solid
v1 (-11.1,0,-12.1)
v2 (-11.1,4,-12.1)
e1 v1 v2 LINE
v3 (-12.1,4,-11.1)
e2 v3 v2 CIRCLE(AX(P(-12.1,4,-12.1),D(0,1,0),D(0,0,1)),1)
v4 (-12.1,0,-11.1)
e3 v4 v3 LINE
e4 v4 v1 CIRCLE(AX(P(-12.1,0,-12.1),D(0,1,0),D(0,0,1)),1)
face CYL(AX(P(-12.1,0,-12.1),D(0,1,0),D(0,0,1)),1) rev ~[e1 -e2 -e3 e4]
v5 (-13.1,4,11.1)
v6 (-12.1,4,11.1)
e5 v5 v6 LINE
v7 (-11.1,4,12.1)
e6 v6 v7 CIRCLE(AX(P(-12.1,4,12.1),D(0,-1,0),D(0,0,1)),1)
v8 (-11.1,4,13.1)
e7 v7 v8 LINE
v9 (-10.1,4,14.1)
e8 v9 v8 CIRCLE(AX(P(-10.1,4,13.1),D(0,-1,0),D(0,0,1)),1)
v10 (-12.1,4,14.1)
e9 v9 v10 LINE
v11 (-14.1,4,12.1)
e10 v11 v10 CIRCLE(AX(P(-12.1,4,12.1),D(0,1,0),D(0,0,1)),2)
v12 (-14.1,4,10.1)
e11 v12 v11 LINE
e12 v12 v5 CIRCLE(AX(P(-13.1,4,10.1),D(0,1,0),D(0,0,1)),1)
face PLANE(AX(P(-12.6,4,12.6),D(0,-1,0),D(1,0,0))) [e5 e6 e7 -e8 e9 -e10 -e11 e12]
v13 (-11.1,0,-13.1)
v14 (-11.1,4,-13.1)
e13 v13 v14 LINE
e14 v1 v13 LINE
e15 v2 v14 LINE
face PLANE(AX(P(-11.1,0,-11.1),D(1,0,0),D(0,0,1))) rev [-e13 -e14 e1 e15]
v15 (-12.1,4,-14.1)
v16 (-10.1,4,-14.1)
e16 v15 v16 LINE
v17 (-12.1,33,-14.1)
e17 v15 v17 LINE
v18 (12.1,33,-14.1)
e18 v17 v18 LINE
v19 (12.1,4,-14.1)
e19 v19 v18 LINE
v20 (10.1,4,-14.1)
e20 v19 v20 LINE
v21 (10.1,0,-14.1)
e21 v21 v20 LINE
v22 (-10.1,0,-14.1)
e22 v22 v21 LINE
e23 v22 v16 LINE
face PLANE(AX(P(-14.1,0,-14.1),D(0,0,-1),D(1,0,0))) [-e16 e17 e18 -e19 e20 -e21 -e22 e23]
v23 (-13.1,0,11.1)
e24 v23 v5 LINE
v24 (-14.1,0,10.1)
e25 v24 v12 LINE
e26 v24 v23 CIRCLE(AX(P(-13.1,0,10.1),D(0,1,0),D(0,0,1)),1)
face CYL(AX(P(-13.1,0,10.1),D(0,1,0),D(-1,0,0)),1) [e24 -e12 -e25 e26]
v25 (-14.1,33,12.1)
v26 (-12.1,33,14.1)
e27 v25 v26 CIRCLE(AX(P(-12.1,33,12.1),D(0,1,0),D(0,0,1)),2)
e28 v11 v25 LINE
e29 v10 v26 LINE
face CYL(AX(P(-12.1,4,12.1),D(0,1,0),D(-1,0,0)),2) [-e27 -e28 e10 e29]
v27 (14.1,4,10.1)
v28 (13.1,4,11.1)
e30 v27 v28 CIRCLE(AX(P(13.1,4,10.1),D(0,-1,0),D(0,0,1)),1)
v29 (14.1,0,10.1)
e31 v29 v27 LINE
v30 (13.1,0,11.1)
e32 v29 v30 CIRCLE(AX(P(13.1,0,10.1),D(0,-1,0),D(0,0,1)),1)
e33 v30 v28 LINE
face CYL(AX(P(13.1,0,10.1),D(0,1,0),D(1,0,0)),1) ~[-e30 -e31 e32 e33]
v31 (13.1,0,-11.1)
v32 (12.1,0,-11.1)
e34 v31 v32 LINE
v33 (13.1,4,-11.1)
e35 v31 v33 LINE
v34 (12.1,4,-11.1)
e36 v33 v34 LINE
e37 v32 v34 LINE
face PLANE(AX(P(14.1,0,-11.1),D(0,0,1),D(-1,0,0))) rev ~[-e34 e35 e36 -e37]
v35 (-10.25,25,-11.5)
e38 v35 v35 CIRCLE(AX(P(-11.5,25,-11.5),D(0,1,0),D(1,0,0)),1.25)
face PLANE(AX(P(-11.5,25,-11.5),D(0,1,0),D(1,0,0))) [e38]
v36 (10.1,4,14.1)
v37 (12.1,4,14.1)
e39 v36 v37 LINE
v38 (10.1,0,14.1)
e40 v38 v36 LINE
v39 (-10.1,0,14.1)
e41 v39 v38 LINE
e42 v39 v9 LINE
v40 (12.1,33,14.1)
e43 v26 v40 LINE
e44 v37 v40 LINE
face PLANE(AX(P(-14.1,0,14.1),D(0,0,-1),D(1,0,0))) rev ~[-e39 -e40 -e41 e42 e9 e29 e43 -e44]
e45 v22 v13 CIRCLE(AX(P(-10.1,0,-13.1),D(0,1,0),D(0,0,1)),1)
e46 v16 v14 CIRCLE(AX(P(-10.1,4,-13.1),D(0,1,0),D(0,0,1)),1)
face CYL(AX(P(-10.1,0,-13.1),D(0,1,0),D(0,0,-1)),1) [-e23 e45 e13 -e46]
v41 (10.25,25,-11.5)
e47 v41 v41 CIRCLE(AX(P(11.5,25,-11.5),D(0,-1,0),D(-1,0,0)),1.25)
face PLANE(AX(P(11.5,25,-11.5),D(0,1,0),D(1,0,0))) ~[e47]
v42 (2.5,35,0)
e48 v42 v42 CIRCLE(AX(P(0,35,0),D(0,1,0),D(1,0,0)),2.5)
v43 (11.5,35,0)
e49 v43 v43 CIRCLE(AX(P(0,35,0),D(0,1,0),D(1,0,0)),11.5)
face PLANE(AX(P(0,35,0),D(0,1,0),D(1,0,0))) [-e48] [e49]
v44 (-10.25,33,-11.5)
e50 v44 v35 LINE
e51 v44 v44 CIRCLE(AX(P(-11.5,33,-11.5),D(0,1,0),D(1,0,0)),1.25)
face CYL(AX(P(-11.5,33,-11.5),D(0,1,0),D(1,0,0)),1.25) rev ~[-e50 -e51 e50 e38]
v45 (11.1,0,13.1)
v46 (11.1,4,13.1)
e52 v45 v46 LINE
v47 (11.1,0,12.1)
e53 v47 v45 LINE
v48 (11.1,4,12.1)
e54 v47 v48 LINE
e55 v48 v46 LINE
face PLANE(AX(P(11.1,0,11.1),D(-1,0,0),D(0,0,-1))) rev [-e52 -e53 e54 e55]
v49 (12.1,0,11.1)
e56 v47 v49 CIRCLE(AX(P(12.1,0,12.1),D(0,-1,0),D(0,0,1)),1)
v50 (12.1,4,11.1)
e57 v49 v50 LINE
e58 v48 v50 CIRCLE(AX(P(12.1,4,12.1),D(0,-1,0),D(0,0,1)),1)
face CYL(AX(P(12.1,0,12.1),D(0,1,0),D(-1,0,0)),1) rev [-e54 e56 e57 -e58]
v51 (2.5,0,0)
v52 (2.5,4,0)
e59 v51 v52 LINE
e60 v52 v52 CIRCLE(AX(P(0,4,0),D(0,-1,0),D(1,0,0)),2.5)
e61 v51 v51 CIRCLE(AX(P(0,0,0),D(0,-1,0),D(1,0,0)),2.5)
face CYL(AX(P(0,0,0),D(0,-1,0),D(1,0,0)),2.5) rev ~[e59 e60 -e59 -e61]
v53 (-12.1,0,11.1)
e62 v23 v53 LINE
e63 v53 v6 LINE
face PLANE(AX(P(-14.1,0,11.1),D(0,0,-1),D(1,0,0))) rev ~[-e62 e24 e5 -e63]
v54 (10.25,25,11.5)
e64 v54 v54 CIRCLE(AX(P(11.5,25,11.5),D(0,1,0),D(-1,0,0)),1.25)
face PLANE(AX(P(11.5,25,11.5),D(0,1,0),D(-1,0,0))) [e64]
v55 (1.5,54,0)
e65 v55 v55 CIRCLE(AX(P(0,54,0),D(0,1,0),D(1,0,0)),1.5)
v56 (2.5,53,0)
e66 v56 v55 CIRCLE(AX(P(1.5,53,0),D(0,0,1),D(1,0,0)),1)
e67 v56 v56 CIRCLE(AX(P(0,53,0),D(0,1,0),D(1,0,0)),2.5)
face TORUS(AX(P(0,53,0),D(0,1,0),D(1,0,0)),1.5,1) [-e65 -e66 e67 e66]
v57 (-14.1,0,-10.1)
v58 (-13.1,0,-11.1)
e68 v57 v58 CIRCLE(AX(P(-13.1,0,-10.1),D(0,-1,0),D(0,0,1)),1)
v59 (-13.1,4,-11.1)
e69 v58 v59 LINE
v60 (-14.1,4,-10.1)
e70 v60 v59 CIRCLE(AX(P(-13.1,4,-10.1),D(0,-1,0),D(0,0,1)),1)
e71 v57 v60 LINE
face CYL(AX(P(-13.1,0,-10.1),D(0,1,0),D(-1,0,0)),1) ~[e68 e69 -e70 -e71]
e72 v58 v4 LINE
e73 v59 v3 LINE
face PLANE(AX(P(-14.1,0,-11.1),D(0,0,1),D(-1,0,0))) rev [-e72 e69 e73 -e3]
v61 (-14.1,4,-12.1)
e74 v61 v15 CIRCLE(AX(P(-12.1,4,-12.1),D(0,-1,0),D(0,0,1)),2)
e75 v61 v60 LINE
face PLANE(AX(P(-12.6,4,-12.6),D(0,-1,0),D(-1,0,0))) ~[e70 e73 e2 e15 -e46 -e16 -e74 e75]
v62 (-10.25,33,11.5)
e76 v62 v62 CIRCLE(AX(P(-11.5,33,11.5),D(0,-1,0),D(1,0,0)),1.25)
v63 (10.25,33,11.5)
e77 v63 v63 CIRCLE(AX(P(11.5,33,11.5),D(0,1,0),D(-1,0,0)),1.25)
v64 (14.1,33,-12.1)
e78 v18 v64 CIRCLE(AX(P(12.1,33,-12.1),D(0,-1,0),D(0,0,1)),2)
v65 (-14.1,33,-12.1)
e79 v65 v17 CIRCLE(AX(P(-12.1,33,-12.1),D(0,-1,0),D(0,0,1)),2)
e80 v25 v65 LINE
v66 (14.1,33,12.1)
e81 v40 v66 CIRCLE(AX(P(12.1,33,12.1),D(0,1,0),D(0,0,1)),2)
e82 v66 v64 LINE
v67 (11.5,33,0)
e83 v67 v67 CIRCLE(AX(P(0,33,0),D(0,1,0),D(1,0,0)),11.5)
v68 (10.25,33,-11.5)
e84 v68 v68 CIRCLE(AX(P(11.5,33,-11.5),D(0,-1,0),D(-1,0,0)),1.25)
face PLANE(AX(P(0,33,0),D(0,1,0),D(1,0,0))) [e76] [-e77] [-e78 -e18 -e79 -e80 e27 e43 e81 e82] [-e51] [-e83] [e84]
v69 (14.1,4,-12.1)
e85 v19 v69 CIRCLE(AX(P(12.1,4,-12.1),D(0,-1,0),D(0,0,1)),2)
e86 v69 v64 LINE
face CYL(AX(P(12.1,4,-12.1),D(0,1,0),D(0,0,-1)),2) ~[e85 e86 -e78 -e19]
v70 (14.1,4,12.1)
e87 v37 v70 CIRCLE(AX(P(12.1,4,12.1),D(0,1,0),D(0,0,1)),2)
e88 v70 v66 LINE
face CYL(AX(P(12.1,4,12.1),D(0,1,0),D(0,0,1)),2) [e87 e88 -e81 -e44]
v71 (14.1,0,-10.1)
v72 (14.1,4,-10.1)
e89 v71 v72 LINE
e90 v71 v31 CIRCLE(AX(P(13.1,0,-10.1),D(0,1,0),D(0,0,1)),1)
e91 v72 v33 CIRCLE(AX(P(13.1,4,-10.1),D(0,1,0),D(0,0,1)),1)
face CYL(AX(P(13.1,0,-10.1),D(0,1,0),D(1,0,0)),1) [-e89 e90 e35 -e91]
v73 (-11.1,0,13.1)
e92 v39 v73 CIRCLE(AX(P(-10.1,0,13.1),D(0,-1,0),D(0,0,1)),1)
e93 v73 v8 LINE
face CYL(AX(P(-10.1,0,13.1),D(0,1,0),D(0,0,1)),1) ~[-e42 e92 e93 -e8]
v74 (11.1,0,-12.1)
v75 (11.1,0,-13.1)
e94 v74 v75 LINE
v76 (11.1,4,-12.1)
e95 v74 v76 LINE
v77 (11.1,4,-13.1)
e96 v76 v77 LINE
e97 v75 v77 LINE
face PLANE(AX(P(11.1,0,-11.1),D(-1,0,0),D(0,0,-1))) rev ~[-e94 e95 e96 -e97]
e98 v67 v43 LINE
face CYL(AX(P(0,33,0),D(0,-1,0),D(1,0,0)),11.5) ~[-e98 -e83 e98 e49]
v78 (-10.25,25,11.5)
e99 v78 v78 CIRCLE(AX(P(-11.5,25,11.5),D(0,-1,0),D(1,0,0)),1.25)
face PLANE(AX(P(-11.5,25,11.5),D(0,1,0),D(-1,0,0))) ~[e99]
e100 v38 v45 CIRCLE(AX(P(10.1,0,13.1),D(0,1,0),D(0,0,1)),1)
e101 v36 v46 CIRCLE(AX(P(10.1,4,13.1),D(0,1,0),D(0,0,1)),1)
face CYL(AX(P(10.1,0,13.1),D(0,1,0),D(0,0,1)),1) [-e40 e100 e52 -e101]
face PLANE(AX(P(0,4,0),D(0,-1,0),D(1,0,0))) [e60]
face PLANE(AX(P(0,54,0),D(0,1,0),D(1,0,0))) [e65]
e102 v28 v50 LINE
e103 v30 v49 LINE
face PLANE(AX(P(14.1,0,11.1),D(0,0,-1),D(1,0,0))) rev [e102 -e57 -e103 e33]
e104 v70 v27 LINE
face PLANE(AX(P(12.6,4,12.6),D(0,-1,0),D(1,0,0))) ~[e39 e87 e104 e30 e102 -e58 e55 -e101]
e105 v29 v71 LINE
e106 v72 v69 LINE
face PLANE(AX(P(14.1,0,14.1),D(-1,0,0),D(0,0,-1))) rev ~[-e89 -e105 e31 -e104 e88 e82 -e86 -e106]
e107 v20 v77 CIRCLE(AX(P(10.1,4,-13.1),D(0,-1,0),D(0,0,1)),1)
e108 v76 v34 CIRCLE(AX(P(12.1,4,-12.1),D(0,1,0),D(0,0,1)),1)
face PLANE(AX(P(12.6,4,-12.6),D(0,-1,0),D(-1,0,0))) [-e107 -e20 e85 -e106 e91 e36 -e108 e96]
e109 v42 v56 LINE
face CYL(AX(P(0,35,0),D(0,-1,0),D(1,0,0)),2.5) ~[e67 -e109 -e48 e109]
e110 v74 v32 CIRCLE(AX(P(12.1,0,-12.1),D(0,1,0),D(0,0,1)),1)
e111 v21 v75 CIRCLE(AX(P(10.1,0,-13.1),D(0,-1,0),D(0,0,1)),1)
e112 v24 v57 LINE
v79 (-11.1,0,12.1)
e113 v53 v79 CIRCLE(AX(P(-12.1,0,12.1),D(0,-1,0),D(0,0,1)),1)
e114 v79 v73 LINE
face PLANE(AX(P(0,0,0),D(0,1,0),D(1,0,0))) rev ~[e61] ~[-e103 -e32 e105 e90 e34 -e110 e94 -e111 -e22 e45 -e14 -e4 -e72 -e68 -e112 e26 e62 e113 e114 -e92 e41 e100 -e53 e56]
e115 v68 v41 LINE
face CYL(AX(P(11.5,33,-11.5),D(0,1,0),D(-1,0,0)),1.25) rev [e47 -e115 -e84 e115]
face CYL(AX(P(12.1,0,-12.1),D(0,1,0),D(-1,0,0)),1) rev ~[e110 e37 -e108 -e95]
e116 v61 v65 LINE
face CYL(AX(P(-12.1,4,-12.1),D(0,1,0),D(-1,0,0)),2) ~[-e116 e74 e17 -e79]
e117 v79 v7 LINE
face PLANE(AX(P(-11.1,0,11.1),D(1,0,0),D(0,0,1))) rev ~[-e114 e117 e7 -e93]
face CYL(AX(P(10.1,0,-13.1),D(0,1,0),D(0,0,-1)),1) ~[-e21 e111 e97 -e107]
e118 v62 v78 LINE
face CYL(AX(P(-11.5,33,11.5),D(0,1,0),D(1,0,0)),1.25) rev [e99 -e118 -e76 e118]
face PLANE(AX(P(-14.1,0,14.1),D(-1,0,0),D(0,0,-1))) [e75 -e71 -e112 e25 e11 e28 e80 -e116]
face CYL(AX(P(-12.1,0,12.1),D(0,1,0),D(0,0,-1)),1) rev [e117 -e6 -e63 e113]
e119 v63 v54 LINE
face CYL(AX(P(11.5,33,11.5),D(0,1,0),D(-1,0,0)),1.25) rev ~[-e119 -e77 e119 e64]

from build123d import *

# Parameters (mm, degrees)
SKETCH1_W               = 28.2
SKETCH1_H               = 28.2
BOSS_EXTRUDE1_DEPTH     = 33
SKETCH2_R               = 11.5
BOSS_EXTRUDE2_DEPTH     = 2
SKETCH3_R               = 2.5
BOSS_EXTRUDE3_DEPTH     = 19
SKETCH4_R               = 1.25
CUT_EXTRUDE1_DEPTH      = 8
MIRROR2_COPY_1_SKETCH_R = 1.25
MIRROR2_COPY_1_DEPTH    = 8
SKETCH5_W               = 3
SKETCH5_H               = 3
CUT_EXTRUDE2_DEPTH      = 4
MIRROR4_COPY_1_SKETCH_W = 3
MIRROR4_COPY_1_SKETCH_H = 3
MIRROR4_COPY_1_DEPTH    = 4
SKETCH6_R               = 2.5
CUT_EXTRUDE3_DEPTH      = 4
FILLET1_R               = 2
FILLET2_R               = 1
FILLET3_R               = 1


with BuildPart() as part:
    # Sketch1 → Boss-Extrude1 (new body)
    with BuildSketch(Plane(origin=(0, 0, 0), x_dir=(1, 0, 0), z_dir=(0, 1, 0))):
        Rectangle(SKETCH1_W, SKETCH1_H)
    extrude(amount=BOSS_EXTRUDE1_DEPTH)

    # Sketch2 → Boss-Extrude2 (add)
    with BuildSketch(Plane(origin=(0, 33, 0), x_dir=(1, 0, 0), z_dir=(0, 1, 0))):
        Circle(SKETCH2_R)
    extrude(amount=BOSS_EXTRUDE2_DEPTH)

    # Sketch3 → Boss-Extrude3 (add)
    with BuildSketch(Plane(origin=(0, 35, 0), x_dir=(1, 0, 0), z_dir=(0, 1, 0))):
        Circle(SKETCH3_R)
    extrude(amount=BOSS_EXTRUDE3_DEPTH)

    # Sketch4 → Cut-Extrude1 (cut)
    with BuildSketch(Plane(origin=(0, 33, 0), x_dir=(1, 0, 0), z_dir=(0, 1, 0))):
        with Locations((-11.5, 11.5)):
            Circle(SKETCH4_R)
    cut_extrude1 = extrude(amount=-CUT_EXTRUDE1_DEPTH, mode=Mode.SUBTRACT)

    # Mirror1: Cut-Extrude1 across plane
    add(cut_extrude1.mirror(Plane(origin=(0, 0, 0), x_dir=(0, 0, 1), z_dir=(1, 0, 0))), mode=Mode.SUBTRACT)

    # Mirror2: Cut-Extrude1 across plane
    add(cut_extrude1.mirror(Plane.XY), mode=Mode.SUBTRACT)

    # Mirror2 copy 1 sketch → Mirror2 copy 1 (cut)
    with BuildSketch(Plane(origin=(0, 33, 0), x_dir=(-1, 0, 0), z_dir=(0, 1, 0))):
        with Locations((-11.5, 11.5)):
            Circle(MIRROR2_COPY_1_SKETCH_R)
    extrude(amount=-MIRROR2_COPY_1_DEPTH, mode=Mode.SUBTRACT)

    # Sketch5 → Cut-Extrude2 (cut)
    with BuildSketch(Plane.XZ):
        with Locations((-12.6, 12.6)):
            Rectangle(SKETCH5_W, SKETCH5_H)
    cut_extrude2 = extrude(amount=-CUT_EXTRUDE2_DEPTH, mode=Mode.SUBTRACT)

    # Mirror3: Cut-Extrude2 across plane
    add(cut_extrude2.mirror(Plane(origin=(0, 0, 0), x_dir=(0, 0, 1), z_dir=(1, 0, 0))), mode=Mode.SUBTRACT)

    # Mirror4: Cut-Extrude2 across plane
    add(cut_extrude2.mirror(Plane.XY), mode=Mode.SUBTRACT)

    # Mirror4 copy 1 sketch → Mirror4 copy 1 (cut)
    with BuildSketch(Plane(origin=(0, 0, 0), x_dir=(-1, 0, 0), z_dir=(0, -1, 0))):
        with Locations((-12.6, 12.6)):
            Rectangle(MIRROR4_COPY_1_SKETCH_W, MIRROR4_COPY_1_SKETCH_H)
    extrude(amount=-MIRROR4_COPY_1_DEPTH, mode=Mode.SUBTRACT)

    # Sketch6 → Cut-Extrude3 (cut)
    with BuildSketch(Plane.XZ):
        Circle(SKETCH6_R)
    extrude(amount=-CUT_EXTRUDE3_DEPTH, mode=Mode.SUBTRACT)

    # Fillet1
    fillet1_edges = [part.edges().sort_by_distance(p)[0] for p in [
        (14.1, 18.5, 14.1),
        (-14.1, 18.5, 14.1),
        (-14.1, 18.5, -14.1),
        (14.1, 18.5, -14.1),
    ]]
    fillet(fillet1_edges, radius=FILLET1_R)

    # Fillet2
    fillet2_edges = [part.edges().sort_by_distance(p)[0] for p in [
        (-14.1, 2, 11.1),
        (-11.1, 2, 14.1),
        (-11.1, 2, 11.1),
        (14.1, 2, 11.1),
        (11.1, 2, 11.1),
        (11.1, 2, 14.1),
        (-14.1, 2, -11.1),
        (-11.1, 2, -11.1),
        (-11.1, 2, -14.1),
        (14.1, 2, -11.1),
        (11.1, 2, -14.1),
        (11.1, 2, -11.1),
    ]]
    fillet(fillet2_edges, radius=FILLET2_R)

    # Fillet3
    fillet3_edges = [part.edges().sort_by_distance(p)[0] for p in [
        (-2.5, 54, 0),
    ]]
    fillet(fillet3_edges, radius=FILLET3_R)


solid = part.part
